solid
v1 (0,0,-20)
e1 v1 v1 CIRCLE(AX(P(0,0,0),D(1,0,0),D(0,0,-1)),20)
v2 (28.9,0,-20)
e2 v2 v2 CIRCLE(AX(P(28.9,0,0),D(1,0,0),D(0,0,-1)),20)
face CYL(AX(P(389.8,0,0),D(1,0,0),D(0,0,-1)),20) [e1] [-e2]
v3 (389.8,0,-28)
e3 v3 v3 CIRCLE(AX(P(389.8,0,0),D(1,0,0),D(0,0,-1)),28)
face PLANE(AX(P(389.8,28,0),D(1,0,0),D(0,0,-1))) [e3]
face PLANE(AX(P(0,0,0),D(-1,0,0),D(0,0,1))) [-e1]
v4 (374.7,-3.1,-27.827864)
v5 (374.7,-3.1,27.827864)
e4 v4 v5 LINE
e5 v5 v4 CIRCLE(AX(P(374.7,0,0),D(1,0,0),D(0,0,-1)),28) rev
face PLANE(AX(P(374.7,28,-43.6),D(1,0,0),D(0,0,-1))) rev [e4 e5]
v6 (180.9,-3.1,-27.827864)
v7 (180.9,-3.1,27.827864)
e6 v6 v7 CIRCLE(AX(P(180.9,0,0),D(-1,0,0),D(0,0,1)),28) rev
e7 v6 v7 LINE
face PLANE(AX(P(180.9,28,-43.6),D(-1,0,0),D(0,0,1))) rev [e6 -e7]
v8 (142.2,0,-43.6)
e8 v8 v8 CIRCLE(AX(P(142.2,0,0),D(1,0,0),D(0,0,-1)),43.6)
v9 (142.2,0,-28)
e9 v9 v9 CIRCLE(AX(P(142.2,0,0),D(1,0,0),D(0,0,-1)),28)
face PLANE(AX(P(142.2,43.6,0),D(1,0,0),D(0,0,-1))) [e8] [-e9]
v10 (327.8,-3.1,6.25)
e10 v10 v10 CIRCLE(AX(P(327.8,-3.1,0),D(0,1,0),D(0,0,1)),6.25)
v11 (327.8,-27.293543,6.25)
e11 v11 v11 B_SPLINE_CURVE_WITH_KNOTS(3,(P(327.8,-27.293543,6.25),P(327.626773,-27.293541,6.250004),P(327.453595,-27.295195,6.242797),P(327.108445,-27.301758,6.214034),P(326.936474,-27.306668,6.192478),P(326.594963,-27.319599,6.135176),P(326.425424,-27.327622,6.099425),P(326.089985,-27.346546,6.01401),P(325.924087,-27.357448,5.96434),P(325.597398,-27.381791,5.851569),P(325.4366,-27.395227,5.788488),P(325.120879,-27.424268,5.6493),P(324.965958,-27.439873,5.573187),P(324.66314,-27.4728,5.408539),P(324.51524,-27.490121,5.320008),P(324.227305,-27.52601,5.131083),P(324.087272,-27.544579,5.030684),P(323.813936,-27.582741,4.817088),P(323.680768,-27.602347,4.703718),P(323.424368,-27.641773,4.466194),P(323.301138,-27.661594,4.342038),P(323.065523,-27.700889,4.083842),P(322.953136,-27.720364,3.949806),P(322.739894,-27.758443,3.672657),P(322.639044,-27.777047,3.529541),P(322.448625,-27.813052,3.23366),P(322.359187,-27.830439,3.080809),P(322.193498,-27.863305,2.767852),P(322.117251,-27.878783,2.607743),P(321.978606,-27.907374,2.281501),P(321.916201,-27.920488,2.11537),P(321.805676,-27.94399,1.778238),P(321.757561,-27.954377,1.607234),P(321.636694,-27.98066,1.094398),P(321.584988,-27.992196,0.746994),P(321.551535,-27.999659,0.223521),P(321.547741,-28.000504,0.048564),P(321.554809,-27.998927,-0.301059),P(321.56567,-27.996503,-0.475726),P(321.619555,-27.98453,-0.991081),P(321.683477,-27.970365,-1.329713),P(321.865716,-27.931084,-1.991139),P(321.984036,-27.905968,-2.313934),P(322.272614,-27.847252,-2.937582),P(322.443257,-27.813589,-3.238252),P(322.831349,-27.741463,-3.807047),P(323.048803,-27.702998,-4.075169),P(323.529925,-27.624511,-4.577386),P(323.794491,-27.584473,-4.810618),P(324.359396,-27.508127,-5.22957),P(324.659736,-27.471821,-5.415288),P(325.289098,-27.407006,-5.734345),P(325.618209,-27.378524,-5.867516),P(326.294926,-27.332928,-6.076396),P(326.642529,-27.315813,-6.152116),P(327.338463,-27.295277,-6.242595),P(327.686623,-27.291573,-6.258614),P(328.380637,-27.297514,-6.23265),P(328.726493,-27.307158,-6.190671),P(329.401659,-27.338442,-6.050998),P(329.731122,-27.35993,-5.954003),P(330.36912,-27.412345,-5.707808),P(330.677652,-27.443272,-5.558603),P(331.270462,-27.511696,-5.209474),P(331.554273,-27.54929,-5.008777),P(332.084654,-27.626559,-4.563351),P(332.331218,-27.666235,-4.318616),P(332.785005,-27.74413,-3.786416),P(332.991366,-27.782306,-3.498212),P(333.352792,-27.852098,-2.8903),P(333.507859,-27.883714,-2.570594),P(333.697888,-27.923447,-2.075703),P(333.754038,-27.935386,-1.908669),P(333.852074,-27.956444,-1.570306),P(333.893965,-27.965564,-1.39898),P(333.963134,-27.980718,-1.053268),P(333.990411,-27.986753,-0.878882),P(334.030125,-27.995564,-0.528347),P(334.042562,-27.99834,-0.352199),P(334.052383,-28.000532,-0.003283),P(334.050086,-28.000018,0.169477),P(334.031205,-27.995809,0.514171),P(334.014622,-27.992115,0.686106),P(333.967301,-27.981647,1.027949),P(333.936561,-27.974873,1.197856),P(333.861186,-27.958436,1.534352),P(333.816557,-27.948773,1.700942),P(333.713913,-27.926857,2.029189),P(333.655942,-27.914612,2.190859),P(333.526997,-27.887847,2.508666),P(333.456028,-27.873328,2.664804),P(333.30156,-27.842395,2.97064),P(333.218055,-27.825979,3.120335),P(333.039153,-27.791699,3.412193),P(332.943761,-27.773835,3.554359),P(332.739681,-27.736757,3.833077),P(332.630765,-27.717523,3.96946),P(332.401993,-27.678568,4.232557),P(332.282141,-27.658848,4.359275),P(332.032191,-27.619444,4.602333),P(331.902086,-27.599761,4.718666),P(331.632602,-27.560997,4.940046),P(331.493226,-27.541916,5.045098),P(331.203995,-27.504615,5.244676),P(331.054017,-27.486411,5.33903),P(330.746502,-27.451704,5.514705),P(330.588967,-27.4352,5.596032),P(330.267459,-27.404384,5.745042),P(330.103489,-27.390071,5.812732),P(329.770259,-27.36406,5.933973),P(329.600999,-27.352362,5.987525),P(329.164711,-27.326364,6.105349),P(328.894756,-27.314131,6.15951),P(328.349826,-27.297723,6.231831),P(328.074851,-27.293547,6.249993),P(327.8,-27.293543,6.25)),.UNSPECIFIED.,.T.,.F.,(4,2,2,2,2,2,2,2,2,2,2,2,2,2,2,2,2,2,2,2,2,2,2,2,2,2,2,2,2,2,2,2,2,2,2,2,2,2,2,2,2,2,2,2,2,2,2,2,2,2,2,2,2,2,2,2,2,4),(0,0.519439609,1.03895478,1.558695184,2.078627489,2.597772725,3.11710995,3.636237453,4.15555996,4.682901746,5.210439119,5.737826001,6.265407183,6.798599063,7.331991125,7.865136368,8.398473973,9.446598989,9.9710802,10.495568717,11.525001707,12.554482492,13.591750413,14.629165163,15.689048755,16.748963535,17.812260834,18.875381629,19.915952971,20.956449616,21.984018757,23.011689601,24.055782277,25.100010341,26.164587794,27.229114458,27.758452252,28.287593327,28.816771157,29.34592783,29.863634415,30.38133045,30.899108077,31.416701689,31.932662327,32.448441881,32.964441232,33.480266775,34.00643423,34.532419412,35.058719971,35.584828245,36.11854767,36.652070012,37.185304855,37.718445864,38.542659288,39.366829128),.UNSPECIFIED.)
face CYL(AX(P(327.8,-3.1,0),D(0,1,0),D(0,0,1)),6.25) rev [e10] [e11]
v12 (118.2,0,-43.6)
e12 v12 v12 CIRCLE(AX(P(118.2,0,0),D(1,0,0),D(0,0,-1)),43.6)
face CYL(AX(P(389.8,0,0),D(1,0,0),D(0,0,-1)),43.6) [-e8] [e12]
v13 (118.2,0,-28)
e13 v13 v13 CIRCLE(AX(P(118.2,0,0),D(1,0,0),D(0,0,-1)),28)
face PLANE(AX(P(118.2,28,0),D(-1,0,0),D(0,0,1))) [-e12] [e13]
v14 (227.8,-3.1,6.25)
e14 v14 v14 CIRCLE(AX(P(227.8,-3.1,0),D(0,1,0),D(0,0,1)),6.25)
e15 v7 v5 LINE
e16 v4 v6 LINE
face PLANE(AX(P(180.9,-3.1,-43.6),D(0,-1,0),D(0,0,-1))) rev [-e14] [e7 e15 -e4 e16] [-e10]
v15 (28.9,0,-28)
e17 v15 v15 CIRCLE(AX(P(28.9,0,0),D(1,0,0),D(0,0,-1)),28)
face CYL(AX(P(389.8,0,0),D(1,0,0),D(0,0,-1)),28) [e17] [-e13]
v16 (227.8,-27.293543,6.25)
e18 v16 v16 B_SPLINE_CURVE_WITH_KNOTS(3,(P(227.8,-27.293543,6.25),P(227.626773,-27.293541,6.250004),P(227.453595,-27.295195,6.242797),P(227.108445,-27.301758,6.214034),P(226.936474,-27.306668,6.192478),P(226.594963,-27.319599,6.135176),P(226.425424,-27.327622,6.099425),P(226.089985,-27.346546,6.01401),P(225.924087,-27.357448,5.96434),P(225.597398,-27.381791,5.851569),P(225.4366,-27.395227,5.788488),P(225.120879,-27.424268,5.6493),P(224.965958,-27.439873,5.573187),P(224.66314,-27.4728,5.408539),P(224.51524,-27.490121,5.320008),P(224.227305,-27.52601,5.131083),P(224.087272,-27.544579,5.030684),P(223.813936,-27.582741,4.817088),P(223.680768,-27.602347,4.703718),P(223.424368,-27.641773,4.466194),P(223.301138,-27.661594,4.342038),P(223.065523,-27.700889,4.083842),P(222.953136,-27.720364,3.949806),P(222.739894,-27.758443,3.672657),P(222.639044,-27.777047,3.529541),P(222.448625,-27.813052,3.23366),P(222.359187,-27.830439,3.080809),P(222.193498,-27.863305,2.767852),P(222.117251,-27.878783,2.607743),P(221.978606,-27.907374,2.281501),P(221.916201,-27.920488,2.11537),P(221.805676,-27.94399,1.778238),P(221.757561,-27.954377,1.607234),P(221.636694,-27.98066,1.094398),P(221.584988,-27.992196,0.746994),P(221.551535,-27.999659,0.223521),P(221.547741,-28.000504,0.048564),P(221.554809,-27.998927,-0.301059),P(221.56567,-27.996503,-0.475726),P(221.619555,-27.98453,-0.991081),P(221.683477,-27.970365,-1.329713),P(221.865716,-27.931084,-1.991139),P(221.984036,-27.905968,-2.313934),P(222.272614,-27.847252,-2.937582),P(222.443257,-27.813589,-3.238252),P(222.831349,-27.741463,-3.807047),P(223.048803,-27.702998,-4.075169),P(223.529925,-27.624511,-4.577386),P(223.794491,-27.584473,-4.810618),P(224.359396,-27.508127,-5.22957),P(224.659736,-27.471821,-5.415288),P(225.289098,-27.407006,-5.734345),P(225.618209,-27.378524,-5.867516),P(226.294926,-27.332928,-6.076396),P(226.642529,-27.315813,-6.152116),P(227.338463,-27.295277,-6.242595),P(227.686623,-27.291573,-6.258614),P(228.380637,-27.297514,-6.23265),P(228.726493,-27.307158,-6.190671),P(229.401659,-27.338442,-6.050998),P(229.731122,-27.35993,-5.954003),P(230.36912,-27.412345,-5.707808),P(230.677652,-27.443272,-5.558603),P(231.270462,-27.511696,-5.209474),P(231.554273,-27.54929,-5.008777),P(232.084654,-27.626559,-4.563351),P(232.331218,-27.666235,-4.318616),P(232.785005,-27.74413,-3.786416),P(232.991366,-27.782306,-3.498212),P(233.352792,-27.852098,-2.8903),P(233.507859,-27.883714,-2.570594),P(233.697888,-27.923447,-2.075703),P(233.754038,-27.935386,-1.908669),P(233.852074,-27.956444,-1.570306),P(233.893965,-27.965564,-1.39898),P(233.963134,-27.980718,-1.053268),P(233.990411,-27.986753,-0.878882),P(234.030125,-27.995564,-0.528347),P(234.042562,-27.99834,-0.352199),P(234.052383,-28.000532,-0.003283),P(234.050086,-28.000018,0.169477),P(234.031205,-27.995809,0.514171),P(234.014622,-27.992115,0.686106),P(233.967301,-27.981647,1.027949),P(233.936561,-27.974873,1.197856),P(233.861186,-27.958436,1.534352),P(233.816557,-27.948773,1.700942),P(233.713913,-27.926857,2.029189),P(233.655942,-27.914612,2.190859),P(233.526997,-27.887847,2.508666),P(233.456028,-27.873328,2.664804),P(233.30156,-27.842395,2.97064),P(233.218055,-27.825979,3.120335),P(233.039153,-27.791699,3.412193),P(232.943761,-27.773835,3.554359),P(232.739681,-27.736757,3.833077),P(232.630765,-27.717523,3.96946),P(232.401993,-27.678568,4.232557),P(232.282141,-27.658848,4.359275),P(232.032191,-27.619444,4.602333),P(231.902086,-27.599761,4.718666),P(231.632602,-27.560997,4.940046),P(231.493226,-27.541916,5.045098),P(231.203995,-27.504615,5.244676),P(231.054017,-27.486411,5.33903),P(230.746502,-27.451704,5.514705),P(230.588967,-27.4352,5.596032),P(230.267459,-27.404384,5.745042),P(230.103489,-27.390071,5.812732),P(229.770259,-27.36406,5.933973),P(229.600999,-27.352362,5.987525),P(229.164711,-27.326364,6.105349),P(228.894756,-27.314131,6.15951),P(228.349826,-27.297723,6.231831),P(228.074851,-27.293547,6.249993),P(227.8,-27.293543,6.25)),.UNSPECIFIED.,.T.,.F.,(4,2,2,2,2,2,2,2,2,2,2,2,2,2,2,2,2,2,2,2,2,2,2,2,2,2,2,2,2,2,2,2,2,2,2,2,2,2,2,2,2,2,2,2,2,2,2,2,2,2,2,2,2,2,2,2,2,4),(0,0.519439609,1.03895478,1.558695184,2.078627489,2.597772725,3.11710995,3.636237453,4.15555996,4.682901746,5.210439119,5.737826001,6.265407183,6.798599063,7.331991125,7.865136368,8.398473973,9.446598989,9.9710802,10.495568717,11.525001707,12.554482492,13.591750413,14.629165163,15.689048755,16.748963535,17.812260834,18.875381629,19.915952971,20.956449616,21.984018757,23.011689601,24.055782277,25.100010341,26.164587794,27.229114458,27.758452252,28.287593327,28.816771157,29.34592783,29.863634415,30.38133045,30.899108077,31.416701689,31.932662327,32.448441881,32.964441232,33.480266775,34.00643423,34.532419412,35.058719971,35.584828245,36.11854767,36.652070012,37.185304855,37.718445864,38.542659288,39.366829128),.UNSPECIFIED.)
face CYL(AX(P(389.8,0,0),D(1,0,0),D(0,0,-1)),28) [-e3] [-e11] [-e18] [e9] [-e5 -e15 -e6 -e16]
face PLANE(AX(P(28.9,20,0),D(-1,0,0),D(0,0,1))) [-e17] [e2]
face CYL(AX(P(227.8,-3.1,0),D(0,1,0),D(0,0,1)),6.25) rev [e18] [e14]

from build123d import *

# Parameters (mm, degrees)
CUT_EXTRUDE1_DEPTH      = 395.646626743
CUT_EXTRUDE1_DEPTH_BACK = 395.646626743
SKETCH2_W               = 193.8
SKETCH2_H               = 31.1
HOLE1_D                 = 12.5


with BuildPart() as part:
    # Sketch1 → Revolve1 (revolve)
    with BuildSketch(Plane.XY, mode=Mode.PRIVATE) as revolve1_sk:
        Polygon((0, 0), (0, 20), (28.9, 20), (28.9, 28), (118.2, 28), (118.2, 43.6), (142.2, 43.6), (142.2, 28), (389.8, 28), (389.8, 0), align=None)
    revolve(revolve1_sk.sketch.rotate(Axis((389.8, 0, 0), (-1, 0, 0)), 90), axis=Axis((389.8, 0, 0), (-1, 0, 0)))

    # Sketch2 → Cut-Extrude1 (cut, two sides: drawn at the far end of the back side and taken through both)
    with BuildSketch(Plane.XY.offset(-CUT_EXTRUDE1_DEPTH_BACK)):
        with Locations((277.8, 12.45)):
            Rectangle(SKETCH2_W, SKETCH2_H)
    extrude(amount=CUT_EXTRUDE1_DEPTH + CUT_EXTRUDE1_DEPTH_BACK, mode=Mode.SUBTRACT)

    # Hole1 (through all)
    with Locations(Plane(origin=(0, -3.1, 0), x_dir=(1, 0, 0), z_dir=(0, 1, 0))):
        with Locations((227.8, 0), (327.8, 0)):
            Hole(HOLE1_D / 2)


solid = part.part
